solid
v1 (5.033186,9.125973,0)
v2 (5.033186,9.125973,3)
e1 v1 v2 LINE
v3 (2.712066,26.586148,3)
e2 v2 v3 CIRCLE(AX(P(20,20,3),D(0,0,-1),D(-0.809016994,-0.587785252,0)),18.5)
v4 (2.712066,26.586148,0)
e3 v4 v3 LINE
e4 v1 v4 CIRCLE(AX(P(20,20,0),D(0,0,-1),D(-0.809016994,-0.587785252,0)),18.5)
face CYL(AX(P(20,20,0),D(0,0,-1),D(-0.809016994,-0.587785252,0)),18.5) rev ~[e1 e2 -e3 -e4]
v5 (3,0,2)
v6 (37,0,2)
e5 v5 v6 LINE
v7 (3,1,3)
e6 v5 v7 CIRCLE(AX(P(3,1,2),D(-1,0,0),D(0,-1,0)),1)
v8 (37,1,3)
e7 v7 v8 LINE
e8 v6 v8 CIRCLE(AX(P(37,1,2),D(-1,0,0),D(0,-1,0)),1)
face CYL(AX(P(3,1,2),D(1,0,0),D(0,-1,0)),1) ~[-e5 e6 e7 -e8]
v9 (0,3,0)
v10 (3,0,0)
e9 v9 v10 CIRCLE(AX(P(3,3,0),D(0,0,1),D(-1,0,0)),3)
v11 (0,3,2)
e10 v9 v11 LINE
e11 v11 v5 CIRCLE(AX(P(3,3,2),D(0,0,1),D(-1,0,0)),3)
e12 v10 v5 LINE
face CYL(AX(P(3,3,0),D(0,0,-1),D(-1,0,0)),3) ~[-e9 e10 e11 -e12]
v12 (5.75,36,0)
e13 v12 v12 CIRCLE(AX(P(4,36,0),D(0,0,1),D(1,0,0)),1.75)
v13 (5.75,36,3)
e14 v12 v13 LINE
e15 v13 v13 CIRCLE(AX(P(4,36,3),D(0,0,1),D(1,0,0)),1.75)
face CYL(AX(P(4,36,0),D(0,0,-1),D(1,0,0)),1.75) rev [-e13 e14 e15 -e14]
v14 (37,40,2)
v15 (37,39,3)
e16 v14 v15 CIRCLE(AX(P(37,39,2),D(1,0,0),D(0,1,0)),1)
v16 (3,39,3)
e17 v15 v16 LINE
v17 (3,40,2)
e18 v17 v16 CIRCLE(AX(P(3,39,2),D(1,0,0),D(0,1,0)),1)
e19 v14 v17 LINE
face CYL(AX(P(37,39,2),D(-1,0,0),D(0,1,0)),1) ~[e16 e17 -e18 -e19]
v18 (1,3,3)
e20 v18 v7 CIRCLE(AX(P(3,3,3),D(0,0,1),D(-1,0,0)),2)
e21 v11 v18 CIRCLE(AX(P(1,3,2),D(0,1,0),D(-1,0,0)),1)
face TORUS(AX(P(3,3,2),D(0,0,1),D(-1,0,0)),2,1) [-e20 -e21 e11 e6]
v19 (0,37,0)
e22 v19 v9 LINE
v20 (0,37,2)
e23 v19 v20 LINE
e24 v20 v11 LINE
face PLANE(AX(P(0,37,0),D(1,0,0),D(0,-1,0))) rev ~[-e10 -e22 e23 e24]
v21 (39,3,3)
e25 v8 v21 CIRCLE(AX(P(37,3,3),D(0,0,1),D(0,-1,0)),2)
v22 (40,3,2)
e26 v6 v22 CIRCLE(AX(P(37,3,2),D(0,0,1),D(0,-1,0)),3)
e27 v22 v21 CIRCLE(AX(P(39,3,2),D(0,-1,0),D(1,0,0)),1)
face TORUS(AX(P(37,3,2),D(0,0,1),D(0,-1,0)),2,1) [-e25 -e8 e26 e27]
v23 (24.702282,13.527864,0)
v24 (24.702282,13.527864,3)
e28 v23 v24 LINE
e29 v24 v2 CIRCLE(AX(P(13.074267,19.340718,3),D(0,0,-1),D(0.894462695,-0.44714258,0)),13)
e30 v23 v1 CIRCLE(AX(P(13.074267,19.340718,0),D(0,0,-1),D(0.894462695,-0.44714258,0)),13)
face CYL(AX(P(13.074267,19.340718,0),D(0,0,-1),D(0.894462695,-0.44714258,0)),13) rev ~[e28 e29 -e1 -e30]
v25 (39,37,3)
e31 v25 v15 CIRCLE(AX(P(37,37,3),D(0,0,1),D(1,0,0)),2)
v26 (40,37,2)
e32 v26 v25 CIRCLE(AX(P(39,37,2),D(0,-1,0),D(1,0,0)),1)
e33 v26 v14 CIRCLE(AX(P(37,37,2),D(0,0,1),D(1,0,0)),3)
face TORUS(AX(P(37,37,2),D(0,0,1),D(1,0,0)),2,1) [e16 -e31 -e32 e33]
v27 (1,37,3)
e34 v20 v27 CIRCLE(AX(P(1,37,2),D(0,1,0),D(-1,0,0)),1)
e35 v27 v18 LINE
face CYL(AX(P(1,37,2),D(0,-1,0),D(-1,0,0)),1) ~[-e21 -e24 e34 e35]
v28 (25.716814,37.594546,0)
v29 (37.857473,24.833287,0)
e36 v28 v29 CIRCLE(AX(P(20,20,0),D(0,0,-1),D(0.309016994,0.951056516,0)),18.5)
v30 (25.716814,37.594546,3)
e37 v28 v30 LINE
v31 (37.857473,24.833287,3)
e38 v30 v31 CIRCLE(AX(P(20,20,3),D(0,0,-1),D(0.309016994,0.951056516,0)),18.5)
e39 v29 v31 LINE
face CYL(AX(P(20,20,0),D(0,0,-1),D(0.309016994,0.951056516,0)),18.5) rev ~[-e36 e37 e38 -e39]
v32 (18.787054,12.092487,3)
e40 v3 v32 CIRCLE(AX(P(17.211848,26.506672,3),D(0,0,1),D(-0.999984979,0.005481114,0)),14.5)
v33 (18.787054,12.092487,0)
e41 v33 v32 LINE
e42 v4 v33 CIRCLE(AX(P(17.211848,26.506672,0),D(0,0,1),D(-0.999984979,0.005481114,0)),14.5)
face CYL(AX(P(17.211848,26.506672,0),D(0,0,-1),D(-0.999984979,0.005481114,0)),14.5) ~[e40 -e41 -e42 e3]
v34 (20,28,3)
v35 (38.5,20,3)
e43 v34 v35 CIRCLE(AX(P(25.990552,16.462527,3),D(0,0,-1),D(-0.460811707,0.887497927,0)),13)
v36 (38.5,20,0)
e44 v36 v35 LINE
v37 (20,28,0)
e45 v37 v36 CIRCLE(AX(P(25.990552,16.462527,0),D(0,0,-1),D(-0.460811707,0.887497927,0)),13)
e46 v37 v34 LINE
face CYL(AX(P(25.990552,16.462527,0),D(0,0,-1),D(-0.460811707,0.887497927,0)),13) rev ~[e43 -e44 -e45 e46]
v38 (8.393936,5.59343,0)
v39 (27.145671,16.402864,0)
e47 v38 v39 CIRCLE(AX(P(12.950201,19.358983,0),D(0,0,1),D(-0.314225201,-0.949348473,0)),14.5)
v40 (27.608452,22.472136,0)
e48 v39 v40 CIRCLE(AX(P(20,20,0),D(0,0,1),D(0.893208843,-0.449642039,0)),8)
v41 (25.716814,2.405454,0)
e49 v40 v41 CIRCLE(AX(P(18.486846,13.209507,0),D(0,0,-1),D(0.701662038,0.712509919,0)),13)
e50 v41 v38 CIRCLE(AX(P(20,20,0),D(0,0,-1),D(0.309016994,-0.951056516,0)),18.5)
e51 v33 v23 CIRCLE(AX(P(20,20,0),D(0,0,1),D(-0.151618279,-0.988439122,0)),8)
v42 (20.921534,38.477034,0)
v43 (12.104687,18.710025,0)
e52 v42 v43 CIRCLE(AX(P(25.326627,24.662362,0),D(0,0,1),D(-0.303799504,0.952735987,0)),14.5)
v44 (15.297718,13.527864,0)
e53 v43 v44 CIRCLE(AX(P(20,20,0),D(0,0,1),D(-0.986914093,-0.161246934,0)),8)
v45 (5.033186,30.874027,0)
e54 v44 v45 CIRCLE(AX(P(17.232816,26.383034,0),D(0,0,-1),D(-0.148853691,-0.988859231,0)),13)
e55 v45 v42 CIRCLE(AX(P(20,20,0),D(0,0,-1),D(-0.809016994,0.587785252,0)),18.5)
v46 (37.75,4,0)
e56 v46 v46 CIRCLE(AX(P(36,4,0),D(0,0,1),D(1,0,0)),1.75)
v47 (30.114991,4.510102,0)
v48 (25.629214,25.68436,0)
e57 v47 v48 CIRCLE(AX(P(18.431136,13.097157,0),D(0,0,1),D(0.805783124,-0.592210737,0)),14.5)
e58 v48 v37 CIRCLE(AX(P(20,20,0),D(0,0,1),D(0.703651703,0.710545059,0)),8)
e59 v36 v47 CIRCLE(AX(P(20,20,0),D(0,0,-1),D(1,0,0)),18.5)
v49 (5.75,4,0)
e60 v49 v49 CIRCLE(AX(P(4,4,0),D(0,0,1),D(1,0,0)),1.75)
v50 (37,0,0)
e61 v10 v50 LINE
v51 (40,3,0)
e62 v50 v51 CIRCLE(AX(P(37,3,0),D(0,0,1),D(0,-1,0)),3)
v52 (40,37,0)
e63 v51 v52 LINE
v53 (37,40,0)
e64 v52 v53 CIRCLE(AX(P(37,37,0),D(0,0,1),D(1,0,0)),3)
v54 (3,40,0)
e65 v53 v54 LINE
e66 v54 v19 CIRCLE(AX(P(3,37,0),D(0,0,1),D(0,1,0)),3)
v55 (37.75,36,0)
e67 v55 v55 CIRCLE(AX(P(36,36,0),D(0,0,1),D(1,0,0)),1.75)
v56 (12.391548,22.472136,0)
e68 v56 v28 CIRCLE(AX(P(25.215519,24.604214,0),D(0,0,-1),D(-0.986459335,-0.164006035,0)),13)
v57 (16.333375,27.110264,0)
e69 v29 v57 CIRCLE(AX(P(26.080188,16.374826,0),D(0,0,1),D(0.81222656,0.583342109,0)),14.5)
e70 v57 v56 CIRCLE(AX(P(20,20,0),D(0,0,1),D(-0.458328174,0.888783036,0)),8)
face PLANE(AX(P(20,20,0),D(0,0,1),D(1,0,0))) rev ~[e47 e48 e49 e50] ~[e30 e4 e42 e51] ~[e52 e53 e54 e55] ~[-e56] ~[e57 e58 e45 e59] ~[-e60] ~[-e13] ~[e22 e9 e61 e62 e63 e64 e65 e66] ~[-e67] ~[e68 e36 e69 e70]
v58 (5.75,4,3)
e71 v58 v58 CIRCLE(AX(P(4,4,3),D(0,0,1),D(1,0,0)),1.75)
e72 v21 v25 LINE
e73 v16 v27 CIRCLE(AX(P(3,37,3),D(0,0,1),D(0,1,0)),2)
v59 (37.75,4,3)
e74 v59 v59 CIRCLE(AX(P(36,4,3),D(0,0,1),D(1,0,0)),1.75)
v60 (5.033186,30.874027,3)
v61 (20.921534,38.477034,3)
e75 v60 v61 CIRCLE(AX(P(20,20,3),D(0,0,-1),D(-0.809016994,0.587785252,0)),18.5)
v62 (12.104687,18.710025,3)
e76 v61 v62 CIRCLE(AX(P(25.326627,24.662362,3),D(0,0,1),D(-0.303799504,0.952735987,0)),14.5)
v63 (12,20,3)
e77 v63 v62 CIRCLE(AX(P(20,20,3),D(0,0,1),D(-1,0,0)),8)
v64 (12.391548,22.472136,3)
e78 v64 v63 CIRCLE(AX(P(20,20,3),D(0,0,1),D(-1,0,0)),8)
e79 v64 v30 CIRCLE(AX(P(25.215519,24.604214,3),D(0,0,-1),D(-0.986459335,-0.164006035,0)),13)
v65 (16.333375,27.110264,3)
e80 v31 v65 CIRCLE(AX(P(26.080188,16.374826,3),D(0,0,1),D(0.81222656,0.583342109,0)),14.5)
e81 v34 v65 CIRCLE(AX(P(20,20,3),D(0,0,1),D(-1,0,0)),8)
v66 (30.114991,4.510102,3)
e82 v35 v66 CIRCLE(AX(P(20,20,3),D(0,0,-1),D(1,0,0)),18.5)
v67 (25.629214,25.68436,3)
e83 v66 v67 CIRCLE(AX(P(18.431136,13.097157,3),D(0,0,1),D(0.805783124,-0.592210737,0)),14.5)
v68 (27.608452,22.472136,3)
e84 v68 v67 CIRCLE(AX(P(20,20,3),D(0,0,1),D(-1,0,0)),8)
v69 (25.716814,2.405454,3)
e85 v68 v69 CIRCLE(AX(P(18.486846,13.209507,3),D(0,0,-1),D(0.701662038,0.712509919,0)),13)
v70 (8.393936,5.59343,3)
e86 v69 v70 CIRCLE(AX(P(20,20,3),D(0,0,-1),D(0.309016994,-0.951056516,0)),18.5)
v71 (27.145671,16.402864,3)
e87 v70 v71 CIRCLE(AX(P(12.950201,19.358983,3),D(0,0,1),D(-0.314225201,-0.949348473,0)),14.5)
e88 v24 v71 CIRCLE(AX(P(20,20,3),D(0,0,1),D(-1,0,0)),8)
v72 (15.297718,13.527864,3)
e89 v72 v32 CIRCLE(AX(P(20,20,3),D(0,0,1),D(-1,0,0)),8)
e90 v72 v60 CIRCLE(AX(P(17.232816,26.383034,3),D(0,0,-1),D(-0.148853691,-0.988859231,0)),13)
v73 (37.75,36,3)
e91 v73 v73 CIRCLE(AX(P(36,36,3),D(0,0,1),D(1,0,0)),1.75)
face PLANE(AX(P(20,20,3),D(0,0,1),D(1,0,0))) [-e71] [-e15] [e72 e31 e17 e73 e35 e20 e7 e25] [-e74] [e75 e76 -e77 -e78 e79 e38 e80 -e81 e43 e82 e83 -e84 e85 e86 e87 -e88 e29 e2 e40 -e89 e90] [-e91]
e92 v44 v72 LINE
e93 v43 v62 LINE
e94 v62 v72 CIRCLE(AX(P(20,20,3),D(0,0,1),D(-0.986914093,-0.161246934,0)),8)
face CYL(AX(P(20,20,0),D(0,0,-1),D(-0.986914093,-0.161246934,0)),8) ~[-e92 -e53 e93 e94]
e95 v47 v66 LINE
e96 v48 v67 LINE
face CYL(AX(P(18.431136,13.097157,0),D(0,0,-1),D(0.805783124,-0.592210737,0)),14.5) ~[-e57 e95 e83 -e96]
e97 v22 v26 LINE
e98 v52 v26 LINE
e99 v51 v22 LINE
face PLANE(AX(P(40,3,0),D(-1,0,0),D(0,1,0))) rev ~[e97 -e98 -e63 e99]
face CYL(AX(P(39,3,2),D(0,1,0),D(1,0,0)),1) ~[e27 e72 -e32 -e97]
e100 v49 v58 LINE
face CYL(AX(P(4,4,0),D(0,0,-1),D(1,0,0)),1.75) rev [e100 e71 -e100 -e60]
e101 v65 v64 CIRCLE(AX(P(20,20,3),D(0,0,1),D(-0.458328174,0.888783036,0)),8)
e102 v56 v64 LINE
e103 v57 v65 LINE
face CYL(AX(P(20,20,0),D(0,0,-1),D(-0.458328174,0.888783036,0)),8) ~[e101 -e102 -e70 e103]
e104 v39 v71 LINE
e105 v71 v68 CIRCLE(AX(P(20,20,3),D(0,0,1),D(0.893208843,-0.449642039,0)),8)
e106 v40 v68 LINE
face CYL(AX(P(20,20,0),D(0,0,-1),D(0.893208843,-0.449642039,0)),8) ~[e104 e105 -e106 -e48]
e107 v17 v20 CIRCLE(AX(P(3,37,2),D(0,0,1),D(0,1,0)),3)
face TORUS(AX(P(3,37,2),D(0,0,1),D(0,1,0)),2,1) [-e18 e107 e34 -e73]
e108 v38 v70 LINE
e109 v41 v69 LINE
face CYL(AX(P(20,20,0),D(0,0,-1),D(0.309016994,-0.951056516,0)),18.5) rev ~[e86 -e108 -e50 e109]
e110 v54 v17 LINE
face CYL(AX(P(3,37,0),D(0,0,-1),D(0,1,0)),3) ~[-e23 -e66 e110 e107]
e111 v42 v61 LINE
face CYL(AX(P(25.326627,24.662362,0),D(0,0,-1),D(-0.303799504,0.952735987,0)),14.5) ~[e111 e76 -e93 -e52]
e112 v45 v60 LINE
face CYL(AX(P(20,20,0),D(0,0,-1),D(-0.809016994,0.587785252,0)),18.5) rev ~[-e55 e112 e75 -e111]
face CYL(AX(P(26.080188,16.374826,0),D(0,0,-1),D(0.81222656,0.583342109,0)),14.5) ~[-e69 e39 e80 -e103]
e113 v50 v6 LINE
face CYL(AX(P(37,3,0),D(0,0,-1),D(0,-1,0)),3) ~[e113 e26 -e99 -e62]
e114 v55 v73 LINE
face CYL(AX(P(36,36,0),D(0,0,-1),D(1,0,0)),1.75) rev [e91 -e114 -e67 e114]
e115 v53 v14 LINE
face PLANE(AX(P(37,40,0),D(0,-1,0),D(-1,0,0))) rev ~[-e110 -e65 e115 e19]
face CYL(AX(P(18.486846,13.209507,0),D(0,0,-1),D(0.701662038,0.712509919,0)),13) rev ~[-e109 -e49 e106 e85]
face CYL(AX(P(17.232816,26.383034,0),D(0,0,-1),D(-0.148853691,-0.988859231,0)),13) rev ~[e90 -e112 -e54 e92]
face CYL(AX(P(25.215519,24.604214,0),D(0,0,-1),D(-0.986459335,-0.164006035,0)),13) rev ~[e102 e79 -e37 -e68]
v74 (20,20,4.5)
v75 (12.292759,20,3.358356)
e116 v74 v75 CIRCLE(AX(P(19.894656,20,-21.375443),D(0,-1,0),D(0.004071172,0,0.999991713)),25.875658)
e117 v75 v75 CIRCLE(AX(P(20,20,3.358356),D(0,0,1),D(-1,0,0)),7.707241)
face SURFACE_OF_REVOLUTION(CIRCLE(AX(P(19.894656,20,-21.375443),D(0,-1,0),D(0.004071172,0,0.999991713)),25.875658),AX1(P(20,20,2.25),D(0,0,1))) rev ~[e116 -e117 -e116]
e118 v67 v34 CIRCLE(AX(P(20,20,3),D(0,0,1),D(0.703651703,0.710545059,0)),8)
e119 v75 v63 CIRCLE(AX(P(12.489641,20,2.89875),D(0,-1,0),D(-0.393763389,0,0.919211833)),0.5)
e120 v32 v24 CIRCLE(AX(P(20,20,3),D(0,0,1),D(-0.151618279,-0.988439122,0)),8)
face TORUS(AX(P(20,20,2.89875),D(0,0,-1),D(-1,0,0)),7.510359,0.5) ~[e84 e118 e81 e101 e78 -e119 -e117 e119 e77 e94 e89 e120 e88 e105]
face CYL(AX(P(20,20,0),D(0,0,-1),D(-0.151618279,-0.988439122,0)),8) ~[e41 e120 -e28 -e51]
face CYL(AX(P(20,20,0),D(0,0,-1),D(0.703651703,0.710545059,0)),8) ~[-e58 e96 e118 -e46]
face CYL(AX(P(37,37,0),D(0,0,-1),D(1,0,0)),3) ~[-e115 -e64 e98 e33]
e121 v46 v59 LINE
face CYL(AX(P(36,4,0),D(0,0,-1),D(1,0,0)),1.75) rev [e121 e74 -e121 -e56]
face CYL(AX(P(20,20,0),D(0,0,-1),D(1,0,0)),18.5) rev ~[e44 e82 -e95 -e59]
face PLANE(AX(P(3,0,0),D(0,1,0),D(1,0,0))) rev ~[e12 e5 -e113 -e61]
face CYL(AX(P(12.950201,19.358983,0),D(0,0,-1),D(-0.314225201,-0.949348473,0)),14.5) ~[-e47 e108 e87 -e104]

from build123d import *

# Parameters (mm, degrees)
F0_R     = 1.75
F1_DEPTH = 3
F2_R     = 1


with BuildPart() as f1:
    # F0 (on Top) → F1 (new body)
    with BuildSketch(Plane.XY):
        with BuildLine():
            ThreePointArc((0, 3), (0.8786796564, 0.8786796564), (3, 0))
            Line((3, 0), (37, 0))
            ThreePointArc((37, 0), (39.1213203436, 0.8786796564), (40, 3))
            Line((40, 3), (40, 37))
            ThreePointArc((40, 37), (39.1213203436, 39.1213203436), (37, 40))
            Line((37, 40), (3, 40))
            ThreePointArc((3, 40), (0.8786796564, 39.1213203436), (0, 37))
            Line((0, 37), (0, 3))
        make_face()
        with Locations((4, 4)):
            Circle(F0_R, mode=Mode.SUBTRACT)
        with BuildLine():
            ThreePointArc((25.7168143959, 2.4054544485), (16.6516253204, 1.8055396616), (8.3939355728, 5.5934296756))
            ThreePointArc((8.3939355728, 5.5934296756), (20.1917154021, 6.7967188392), (27.1456707418, 16.4028636876))
            ThreePointArc((27.1456707418, 16.4028636876), (27.9768447331, 19.3917664063), (27.6084521304, 22.472135955))
            ThreePointArc((27.6084521304, 22.472135955), (31.4294663136, 11.9894373312), (25.7168143959, 2.4054544485))
        make_face(mode=Mode.SUBTRACT)
        with BuildLine():
            ThreePointArc((5.0331856041, 9.1259728326), (1.6613352552, 17.56209611), (2.7120662697, 26.5861481412))
            ThreePointArc((2.7120662697, 26.5861481412), (7.5021767329, 15.7376295574), (18.7870537655, 12.0924870261))
            ThreePointArc((18.7870537655, 12.0924870261), (21.8865160613, 12.2256153201), (24.7022820183, 13.527864045))
            ThreePointArc((24.7022820183, 13.527864045), (15.9134015021, 6.6545315855), (5.0331856041, 9.1259728326))
        make_face(mode=Mode.SUBTRACT)
        with Locations((36, 4)):
            Circle(F0_R, mode=Mode.SUBTRACT)
        with BuildLine():
            ThreePointArc((20, 28), (31.1503971529, 28.3946684161), (38.5, 20))
            ThreePointArc((38.5, 20), (36.2692553858, 11.1931089939), (30.1149914386, 4.5101017371))
            ThreePointArc((30.1149914386, 4.5101017371), (32.6163099018, 16.1022939223), (25.6292136254, 25.6843604706))
            ThreePointArc((25.6292136254, 25.6843604706), (23.0434451067, 27.3984756459), (20, 28))
        make_face(mode=Mode.SUBTRACT)
        with BuildLine():
            ThreePointArc((5.0331856041, 30.8740271674), (12.014456559, 36.687752873), (20.9215337867, 38.4770337306))
            ThreePointArc((20.9215337867, 38.4770337306), (12.0842050334, 30.5689913546), (12.1046872588, 18.7100245281))
            ThreePointArc((12.1046872588, 18.7100245281), (13.1890863131, 15.8033996199), (15.2977179817, 13.527864045))
            ThreePointArc((15.2977179817, 13.527864045), (6.0448769164, 19.7626095929), (5.0331856041, 30.8740271674))
        make_face(mode=Mode.SUBTRACT)
        with Locations((4, 36)):
            Circle(F0_R, mode=Mode.SUBTRACT)
        with BuildLine():
            ThreePointArc((25.7168143959, 37.5945455515), (33.4033274796, 32.7515023614), (37.8574729322, 24.8332867156))
            ThreePointArc((37.8574729322, 24.8332867156), (27.6055929298, 30.7943663266), (16.3333746086, 27.1102642876))
            ThreePointArc((16.3333746086, 27.1102642876), (13.9041077858, 25.1807430078), (12.3915478696, 22.472135955))
            ThreePointArc((12.3915478696, 22.472135955), (15.461858115, 33.1987530743), (25.7168143959, 37.5945455515))
        make_face(mode=Mode.SUBTRACT)
        with Locations((36, 36)):
            Circle(F0_R, mode=Mode.SUBTRACT)
    extrude(amount=F1_DEPTH)

    # F2
    f2_edges = [f1.edges().sort_by_distance(p)[0] for p in [
        (20, 0, 3),
    ]]
    fillet(f2_edges, radius=F2_R)

    # F4 (on offset) → F5 (revolve)
    with BuildSketch(Plane.XZ.offset(-20)):
        with BuildLine():
            Line((12, 3), (20, 3))
            Line((20, 3), (20, 4.5))
            ThreePointArc((20, 4.5), (16.1031638738, 4.2209285699), (12.292759493, 3.358356189))
            ThreePointArc((12.292759493, 3.358356189), (12.1024290926, 3.2150836308), (12, 3))
        make_face()
    revolve(axis=Axis((20, 20, 2.25), (0, 0, 1)))


solid = f1.part
